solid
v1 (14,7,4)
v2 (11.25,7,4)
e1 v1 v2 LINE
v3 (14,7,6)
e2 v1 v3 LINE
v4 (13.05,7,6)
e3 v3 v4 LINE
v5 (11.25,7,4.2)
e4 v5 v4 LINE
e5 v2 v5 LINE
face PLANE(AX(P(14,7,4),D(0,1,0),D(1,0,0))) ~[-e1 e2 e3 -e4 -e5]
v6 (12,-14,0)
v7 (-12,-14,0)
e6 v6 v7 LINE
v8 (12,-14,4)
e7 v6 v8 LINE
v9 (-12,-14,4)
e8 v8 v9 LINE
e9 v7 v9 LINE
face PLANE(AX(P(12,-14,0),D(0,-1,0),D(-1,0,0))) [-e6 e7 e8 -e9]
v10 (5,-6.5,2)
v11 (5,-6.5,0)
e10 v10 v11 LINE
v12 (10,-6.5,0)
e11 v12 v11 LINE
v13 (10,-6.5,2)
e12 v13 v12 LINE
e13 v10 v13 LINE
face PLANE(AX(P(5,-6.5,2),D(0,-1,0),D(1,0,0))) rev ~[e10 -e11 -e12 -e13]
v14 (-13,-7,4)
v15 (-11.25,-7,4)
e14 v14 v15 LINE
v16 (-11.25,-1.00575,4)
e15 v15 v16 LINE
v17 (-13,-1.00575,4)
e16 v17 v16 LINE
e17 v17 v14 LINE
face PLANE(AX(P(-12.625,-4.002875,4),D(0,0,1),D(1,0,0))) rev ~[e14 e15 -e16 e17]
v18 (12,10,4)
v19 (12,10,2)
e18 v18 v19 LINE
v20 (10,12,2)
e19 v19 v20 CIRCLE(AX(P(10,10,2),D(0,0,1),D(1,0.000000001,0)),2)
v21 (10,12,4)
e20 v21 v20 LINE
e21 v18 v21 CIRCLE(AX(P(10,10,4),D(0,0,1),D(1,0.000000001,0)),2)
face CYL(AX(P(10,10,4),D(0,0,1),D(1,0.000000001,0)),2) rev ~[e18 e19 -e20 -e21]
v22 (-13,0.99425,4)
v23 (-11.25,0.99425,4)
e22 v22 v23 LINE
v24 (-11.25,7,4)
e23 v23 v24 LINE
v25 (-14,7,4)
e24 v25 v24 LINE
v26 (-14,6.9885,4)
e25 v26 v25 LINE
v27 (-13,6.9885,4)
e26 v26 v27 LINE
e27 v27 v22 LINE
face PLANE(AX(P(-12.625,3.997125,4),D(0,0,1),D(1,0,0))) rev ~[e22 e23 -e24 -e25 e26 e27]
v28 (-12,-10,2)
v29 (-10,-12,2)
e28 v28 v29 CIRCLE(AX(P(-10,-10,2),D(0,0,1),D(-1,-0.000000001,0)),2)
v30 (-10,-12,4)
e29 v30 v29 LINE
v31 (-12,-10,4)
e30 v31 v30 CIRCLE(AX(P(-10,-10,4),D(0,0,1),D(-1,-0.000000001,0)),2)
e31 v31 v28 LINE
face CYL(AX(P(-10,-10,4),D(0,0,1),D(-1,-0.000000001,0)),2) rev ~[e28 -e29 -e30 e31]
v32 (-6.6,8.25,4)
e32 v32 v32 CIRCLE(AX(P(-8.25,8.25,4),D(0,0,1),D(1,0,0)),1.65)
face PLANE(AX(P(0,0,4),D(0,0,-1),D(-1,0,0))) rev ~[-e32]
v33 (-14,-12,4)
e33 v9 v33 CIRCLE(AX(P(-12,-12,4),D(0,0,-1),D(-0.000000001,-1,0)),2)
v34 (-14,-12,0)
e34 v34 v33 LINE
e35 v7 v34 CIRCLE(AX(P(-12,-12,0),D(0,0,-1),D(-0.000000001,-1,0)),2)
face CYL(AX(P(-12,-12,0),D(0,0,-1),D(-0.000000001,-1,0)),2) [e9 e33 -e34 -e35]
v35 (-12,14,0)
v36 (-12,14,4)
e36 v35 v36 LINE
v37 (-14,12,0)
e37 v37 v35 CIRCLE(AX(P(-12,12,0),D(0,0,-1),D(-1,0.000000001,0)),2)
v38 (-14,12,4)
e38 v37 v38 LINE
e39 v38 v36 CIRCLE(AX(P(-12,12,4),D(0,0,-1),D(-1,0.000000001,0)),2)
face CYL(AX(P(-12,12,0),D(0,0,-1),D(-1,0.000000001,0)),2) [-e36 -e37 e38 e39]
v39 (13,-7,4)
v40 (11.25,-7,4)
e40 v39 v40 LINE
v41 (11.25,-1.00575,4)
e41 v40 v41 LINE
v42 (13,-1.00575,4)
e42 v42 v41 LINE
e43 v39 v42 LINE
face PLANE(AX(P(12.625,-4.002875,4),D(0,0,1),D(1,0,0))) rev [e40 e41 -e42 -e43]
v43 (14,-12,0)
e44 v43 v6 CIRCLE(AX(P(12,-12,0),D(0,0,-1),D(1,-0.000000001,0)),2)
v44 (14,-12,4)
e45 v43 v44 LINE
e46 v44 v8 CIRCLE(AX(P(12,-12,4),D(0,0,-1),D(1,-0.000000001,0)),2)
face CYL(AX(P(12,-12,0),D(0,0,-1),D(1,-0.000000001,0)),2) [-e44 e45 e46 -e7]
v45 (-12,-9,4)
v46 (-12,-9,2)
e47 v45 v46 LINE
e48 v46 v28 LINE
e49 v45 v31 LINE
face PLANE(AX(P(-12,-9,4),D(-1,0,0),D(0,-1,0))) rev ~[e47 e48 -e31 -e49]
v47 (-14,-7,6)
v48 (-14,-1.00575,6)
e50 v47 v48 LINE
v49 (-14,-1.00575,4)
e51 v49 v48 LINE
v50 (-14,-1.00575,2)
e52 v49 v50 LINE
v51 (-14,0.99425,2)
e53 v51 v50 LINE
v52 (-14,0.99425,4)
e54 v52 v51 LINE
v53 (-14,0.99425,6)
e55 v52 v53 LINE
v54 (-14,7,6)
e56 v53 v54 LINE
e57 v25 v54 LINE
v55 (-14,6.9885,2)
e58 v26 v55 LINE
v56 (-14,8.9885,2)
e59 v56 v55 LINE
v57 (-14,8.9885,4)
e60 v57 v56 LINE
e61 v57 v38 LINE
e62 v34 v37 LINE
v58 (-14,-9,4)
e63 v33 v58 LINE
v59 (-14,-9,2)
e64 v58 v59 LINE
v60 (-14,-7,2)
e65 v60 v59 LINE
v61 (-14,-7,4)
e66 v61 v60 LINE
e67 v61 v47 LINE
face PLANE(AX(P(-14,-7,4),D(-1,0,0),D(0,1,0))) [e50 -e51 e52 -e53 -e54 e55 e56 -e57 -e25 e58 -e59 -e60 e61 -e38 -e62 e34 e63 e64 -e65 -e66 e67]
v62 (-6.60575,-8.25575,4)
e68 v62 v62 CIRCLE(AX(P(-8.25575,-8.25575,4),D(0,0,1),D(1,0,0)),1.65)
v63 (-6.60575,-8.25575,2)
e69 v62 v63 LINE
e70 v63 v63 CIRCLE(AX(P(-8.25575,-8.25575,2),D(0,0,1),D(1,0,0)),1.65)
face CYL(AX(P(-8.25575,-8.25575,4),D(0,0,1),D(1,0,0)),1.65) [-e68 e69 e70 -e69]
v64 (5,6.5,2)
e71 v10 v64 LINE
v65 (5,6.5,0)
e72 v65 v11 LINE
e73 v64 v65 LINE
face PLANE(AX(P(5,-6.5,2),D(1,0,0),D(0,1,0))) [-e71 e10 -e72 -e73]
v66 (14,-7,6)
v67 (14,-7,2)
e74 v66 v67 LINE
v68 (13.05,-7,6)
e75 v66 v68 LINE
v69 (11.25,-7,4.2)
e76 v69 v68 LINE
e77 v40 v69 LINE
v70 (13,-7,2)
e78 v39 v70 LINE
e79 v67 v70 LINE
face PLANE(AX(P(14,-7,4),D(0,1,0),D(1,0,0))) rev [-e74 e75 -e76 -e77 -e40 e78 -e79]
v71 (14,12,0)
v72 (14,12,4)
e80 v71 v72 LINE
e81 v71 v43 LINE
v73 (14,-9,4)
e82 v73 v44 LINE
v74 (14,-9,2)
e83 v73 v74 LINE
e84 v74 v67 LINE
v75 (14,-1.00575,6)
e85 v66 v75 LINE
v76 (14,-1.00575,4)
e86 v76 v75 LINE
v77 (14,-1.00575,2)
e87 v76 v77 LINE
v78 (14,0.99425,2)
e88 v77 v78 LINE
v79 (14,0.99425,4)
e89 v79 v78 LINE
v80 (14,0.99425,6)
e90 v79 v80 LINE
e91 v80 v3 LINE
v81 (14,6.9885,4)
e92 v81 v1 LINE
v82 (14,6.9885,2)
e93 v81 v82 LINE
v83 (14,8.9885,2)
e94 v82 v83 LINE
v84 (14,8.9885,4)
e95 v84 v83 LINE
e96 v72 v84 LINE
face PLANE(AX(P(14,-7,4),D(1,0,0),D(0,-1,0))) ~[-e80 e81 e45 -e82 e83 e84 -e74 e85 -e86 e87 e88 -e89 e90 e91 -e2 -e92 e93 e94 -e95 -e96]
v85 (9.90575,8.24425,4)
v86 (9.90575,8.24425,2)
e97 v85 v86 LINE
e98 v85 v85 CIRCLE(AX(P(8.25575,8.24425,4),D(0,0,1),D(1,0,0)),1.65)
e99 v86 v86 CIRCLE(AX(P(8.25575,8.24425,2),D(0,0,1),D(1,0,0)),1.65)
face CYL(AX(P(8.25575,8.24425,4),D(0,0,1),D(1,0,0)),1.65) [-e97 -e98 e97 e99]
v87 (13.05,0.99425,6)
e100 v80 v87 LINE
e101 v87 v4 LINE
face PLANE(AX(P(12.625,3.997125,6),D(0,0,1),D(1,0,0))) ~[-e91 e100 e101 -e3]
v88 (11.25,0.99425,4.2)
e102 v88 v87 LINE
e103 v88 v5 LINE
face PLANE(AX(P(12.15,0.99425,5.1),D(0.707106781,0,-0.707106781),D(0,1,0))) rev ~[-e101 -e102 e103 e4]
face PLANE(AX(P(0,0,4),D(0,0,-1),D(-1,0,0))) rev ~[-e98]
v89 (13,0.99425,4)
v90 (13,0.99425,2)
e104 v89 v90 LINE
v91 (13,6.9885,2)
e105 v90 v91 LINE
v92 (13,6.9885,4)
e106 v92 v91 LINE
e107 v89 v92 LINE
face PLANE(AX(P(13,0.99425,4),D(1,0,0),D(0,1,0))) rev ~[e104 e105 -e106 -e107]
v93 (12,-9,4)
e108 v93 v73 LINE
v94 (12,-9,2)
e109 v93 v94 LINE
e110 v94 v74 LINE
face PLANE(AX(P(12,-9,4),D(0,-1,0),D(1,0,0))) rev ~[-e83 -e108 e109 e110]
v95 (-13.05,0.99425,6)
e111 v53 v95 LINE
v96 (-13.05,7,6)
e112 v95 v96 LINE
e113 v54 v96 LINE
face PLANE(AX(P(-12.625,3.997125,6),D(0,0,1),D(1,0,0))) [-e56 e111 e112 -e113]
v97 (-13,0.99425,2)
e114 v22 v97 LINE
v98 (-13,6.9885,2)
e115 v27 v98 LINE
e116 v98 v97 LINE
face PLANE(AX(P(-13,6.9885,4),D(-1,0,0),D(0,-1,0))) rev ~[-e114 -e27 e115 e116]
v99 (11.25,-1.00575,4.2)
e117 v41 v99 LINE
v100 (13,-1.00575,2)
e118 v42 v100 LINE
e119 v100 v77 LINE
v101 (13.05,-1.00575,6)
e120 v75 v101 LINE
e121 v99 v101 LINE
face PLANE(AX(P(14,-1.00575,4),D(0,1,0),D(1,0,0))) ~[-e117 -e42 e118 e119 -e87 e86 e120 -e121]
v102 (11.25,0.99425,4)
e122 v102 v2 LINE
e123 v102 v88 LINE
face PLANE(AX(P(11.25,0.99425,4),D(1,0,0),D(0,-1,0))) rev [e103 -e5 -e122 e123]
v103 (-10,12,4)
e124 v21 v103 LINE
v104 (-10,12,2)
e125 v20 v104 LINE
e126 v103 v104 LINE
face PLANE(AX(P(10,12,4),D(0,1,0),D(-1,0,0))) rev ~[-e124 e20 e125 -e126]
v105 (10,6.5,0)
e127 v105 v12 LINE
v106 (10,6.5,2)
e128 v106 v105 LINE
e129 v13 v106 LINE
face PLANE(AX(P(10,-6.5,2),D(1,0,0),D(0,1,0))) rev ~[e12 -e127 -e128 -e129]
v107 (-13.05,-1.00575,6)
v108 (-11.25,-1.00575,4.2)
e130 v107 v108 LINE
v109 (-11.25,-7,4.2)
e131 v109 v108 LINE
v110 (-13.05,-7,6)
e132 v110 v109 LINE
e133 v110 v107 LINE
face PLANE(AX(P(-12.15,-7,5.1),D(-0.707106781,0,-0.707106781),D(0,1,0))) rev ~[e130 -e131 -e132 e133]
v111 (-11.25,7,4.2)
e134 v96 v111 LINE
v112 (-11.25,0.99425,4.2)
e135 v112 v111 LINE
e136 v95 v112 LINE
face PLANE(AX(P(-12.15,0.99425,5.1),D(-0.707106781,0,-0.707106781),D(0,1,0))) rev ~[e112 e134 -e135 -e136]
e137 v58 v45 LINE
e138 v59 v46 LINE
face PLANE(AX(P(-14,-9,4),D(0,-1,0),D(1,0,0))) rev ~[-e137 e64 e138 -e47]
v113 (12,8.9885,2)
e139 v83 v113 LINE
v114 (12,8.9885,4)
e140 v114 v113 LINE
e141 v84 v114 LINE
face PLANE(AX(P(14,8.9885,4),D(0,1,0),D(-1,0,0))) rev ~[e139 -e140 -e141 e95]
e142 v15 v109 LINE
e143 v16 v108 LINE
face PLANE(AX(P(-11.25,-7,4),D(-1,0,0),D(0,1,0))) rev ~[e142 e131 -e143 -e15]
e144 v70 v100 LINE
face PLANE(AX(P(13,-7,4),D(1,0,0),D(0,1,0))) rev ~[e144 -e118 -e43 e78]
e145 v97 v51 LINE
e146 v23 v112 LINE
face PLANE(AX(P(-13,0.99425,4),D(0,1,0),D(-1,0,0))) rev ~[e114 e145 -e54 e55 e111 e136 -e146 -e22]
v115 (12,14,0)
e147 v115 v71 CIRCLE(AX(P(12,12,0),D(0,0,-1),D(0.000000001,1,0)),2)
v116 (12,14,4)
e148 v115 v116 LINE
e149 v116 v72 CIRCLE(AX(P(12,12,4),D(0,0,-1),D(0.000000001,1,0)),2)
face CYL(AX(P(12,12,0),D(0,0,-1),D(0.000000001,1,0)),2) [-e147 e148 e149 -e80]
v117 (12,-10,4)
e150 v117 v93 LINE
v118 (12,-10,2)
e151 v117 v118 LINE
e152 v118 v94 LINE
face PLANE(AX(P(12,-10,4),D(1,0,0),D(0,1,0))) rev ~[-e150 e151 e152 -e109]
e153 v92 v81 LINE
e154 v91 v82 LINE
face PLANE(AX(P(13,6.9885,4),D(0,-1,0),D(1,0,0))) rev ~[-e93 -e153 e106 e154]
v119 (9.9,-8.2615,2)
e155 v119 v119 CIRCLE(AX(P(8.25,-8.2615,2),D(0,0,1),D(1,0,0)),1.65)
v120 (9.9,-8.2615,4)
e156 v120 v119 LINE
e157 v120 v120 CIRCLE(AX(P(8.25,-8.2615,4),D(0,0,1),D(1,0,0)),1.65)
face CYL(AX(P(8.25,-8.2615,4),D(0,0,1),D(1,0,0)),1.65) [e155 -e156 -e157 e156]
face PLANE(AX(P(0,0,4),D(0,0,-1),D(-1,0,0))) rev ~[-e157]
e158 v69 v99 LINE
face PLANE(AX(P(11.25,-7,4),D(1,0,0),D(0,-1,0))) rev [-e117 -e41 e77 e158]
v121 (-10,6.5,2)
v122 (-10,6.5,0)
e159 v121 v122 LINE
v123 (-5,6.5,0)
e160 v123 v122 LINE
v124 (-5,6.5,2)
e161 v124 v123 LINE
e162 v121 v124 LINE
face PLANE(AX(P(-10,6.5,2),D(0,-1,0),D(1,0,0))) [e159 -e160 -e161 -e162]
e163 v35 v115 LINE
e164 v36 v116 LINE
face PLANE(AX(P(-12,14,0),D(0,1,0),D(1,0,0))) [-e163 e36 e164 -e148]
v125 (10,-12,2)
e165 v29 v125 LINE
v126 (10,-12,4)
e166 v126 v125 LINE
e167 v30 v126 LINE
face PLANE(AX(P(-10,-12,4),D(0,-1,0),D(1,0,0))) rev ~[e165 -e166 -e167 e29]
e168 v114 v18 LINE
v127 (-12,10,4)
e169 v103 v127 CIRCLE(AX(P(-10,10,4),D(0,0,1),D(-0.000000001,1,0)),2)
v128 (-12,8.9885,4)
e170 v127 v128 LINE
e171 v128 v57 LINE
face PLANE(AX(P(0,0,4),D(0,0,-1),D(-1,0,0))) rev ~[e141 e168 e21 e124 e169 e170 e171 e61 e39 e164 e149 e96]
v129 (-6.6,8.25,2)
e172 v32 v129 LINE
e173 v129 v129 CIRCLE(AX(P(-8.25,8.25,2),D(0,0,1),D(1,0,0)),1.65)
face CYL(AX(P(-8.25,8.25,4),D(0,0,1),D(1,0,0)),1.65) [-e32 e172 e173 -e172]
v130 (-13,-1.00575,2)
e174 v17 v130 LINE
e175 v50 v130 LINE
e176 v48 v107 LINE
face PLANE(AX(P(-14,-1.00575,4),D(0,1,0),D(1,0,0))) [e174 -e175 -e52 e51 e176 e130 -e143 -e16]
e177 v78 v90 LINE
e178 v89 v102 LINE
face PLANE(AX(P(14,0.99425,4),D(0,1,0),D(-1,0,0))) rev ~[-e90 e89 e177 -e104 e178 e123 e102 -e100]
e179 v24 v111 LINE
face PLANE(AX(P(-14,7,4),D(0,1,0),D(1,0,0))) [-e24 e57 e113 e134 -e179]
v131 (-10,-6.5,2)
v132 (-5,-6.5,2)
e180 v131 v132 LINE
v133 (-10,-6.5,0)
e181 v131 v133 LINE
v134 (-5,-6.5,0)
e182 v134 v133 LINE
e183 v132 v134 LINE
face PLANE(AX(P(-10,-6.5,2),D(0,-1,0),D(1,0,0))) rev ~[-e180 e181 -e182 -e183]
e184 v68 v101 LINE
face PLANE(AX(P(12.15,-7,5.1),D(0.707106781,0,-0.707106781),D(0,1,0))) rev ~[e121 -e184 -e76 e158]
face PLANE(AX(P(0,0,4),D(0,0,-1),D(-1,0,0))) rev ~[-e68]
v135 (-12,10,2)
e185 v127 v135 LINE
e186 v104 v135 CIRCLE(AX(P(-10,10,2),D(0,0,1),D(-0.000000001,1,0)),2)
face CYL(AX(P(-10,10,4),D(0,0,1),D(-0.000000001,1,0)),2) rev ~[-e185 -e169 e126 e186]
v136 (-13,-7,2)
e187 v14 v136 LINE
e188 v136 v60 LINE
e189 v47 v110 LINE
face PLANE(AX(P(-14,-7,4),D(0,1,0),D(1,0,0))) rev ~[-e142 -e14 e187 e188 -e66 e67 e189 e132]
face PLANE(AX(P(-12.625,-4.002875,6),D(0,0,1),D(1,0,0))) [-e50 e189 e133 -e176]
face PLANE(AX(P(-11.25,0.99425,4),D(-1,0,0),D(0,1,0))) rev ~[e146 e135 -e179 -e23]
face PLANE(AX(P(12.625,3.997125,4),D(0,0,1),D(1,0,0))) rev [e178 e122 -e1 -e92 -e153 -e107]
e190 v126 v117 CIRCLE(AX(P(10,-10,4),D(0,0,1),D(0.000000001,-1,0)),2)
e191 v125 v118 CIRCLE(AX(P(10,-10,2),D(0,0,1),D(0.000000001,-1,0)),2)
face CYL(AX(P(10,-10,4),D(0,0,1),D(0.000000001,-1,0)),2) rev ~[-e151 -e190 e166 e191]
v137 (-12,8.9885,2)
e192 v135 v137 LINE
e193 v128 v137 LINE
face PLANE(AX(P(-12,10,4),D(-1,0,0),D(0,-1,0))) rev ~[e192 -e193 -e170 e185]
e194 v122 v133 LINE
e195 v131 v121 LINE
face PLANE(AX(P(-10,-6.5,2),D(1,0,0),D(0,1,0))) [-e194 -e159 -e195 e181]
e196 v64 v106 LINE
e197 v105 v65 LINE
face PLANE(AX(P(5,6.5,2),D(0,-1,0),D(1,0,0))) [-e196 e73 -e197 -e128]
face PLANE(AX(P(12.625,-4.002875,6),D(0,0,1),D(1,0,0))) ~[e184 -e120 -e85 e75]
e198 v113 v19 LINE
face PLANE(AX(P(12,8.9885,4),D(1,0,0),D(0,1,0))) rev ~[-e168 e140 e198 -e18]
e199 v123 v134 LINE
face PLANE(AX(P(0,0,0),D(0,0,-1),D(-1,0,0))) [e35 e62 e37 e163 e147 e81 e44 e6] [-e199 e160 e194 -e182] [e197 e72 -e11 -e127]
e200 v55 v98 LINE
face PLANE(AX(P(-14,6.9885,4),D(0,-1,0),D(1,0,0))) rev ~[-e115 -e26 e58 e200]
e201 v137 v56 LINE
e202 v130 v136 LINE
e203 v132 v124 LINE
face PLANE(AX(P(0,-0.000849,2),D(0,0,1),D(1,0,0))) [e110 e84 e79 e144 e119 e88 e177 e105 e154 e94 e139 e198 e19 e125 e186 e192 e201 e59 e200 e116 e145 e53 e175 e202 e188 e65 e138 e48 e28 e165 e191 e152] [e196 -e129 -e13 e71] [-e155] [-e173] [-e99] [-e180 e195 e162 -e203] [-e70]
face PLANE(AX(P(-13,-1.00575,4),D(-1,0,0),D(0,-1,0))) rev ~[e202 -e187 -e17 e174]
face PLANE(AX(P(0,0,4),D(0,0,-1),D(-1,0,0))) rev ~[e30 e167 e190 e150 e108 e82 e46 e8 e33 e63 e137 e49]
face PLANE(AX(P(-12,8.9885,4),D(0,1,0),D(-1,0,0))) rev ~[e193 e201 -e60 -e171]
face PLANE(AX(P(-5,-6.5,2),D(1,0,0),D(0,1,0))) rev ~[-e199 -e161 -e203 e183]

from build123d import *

# Parameters (mm, degrees)
BOSS_EXTRU_1_DEPTH           = 4
ESQUISSE2_R                  = 1.65
ENL_V_MAT_EXTRU_1_DEPTH      = 2
ESQUISSE3_W                  = 5
ESQUISSE3_H                  = 13
ENL_V_MAT_EXTRU_2_DEPTH      = 20.899748742
ESQUISSE4_W                  = 2.75
ESQUISSE4_H                  = 5.994249795
ESQUISSE4_H_2                = 6.005750205
BOSS_EXTRU_2_DEPTH           = 2
CHANFREIN3_SIZE              = 1.8
CHANFREIN3_OF_SYM_TRIE1_SIZE = 1.8


with BuildPart() as part:
    # Esquisse1 → Boss.-Extru.1 (new body)
    with BuildSketch(Plane.XY):
        with BuildLine():
            Line((12, -14), (-12, -14))
            ThreePointArc((-12, -14), (-13.414213562, -13.414213562), (-14, -12))
            Line((-14, -12), (-14, 12))
            ThreePointArc((-14, 12), (-13.414213562, 13.414213562), (-12, 14))
            Line((-12, 14), (12, 14))
            ThreePointArc((12, 14), (13.414213562, 13.414213562), (14, 12))
            Line((14, 12), (14, -12))
            ThreePointArc((14, -12), (13.414213562, -13.414213562), (12, -14))
        make_face()
    extrude(amount=BOSS_EXTRU_1_DEPTH)

    # Esquisse2 → Enlèv. mat.-Extru.1 (cut)
    with BuildSketch(Plane.XY.offset(4)):
        with BuildLine():
            Line((-10, -12), (10, -12))
            ThreePointArc((10, -12), (11.414213562, -11.414213562), (12, -10))
            Line((12, -10), (12, -9))
            Line((12, -9), (14, -9))
            Line((14, -9), (14, -7))
            Line((14, -7), (13, -7))
            Line((13, -7), (13, -1.005750205))
            Line((13, -1.005750205), (14, -1.005750205))
            Line((14, -1.005750205), (14, 0.994249795))
            Line((14, 0.994249795), (13, 0.994249795))
            Line((13, 0.994249795), (13, 6.988499589))
            Line((13, 6.988499589), (14, 6.988499589))
            Line((14, 6.988499589), (14, 8.988499589))
            Line((14, 8.988499589), (12, 8.988499589))
            Line((12, 8.988499589), (12, 10))
            ThreePointArc((12, 10), (11.414213562, 11.414213562), (10, 12))
            Line((10, 12), (-10, 12))
            ThreePointArc((-10, 12), (-11.414213562, 11.414213562), (-12, 10))
            Line((-12, 10), (-12, 8.988499589))
            Line((-12, 8.988499589), (-14, 8.988499589))
            Line((-14, 8.988499589), (-14, 6.988499589))
            Line((-14, 6.988499589), (-13, 6.988499589))
            Line((-13, 6.988499589), (-13, 0.994249795))
            Line((-13, 0.994249795), (-14, 0.994249795))
            Line((-14, 0.994249795), (-14, -1.005750205))
            Line((-14, -1.005750205), (-13, -1.005750205))
            Line((-13, -1.005750205), (-13, -7))
            Line((-13, -7), (-14, -7))
            Line((-14, -7), (-14, -9))
            Line((-14, -9), (-12, -9))
            Line((-12, -9), (-12, -10))
            ThreePointArc((-12, -10), (-11.414213562, -11.414213562), (-10, -12))
        make_face()
        with Locations((-8.25, 8.25)):
            Circle(ESQUISSE2_R, mode=Mode.SUBTRACT)
        with Locations((8.255750205, 8.244249795)):
            Circle(ESQUISSE2_R, mode=Mode.SUBTRACT)
        with Locations((8.25, -8.261500411)):
            Circle(ESQUISSE2_R, mode=Mode.SUBTRACT)
        with Locations((-8.255750205, -8.255750205)):
            Circle(ESQUISSE2_R, mode=Mode.SUBTRACT)
    extrude(amount=-ENL_V_MAT_EXTRU_1_DEPTH, mode=Mode.SUBTRACT)

    # Esquisse3 → Enlèv. mat.-Extru.2 (cut, through all)
    with BuildSketch(Plane.XY.offset(2)):
        with Locations((-7.5, 0)):
            Rectangle(ESQUISSE3_W, ESQUISSE3_H)
        with Locations((7.5, 0)):
            Rectangle(ESQUISSE3_W, ESQUISSE3_H)
    extrude(amount=-ENL_V_MAT_EXTRU_2_DEPTH, mode=Mode.SUBTRACT)

    # Esquisse4 → Boss.-Extru.2 (add)
    with BuildSketch(Plane.XY.offset(4)):
        with Locations((-12.625, -4.002875103)):
            Rectangle(ESQUISSE4_W, ESQUISSE4_H)
        with Locations((-12.625, 3.997124897)):
            Rectangle(ESQUISSE4_W, ESQUISSE4_H_2)
    boss_extru_2 = extrude(amount=BOSS_EXTRU_2_DEPTH)

    # Chanfrein3
    chanfrein3_edges = [part.edges().sort_by_distance(p)[0] for p in [
        (-11.25, 3.997124897, 6),
        (-11.25, -4.002875103, 6),
    ]]
    chamfer(chanfrein3_edges, length=CHANFREIN3_SIZE)

    # Symétrie1: Boss.-Extru.2 across plane
    add(boss_extru_2.mirror(Plane(origin=(0, 0, 0), x_dir=(0, 0, 1), z_dir=(1, 0, 0))))

    # Chanfrein3 of Symétrie1
    chanfrein3_of_sym_trie1_edges = [part.edges().sort_by_distance(p)[0] for p in [
        (11.25, 3.997124897, 6),
        (11.25, -4.002875103, 6),
    ]]
    chamfer(chanfrein3_of_sym_trie1_edges, length=CHANFREIN3_OF_SYM_TRIE1_SIZE)


solid = part.part
